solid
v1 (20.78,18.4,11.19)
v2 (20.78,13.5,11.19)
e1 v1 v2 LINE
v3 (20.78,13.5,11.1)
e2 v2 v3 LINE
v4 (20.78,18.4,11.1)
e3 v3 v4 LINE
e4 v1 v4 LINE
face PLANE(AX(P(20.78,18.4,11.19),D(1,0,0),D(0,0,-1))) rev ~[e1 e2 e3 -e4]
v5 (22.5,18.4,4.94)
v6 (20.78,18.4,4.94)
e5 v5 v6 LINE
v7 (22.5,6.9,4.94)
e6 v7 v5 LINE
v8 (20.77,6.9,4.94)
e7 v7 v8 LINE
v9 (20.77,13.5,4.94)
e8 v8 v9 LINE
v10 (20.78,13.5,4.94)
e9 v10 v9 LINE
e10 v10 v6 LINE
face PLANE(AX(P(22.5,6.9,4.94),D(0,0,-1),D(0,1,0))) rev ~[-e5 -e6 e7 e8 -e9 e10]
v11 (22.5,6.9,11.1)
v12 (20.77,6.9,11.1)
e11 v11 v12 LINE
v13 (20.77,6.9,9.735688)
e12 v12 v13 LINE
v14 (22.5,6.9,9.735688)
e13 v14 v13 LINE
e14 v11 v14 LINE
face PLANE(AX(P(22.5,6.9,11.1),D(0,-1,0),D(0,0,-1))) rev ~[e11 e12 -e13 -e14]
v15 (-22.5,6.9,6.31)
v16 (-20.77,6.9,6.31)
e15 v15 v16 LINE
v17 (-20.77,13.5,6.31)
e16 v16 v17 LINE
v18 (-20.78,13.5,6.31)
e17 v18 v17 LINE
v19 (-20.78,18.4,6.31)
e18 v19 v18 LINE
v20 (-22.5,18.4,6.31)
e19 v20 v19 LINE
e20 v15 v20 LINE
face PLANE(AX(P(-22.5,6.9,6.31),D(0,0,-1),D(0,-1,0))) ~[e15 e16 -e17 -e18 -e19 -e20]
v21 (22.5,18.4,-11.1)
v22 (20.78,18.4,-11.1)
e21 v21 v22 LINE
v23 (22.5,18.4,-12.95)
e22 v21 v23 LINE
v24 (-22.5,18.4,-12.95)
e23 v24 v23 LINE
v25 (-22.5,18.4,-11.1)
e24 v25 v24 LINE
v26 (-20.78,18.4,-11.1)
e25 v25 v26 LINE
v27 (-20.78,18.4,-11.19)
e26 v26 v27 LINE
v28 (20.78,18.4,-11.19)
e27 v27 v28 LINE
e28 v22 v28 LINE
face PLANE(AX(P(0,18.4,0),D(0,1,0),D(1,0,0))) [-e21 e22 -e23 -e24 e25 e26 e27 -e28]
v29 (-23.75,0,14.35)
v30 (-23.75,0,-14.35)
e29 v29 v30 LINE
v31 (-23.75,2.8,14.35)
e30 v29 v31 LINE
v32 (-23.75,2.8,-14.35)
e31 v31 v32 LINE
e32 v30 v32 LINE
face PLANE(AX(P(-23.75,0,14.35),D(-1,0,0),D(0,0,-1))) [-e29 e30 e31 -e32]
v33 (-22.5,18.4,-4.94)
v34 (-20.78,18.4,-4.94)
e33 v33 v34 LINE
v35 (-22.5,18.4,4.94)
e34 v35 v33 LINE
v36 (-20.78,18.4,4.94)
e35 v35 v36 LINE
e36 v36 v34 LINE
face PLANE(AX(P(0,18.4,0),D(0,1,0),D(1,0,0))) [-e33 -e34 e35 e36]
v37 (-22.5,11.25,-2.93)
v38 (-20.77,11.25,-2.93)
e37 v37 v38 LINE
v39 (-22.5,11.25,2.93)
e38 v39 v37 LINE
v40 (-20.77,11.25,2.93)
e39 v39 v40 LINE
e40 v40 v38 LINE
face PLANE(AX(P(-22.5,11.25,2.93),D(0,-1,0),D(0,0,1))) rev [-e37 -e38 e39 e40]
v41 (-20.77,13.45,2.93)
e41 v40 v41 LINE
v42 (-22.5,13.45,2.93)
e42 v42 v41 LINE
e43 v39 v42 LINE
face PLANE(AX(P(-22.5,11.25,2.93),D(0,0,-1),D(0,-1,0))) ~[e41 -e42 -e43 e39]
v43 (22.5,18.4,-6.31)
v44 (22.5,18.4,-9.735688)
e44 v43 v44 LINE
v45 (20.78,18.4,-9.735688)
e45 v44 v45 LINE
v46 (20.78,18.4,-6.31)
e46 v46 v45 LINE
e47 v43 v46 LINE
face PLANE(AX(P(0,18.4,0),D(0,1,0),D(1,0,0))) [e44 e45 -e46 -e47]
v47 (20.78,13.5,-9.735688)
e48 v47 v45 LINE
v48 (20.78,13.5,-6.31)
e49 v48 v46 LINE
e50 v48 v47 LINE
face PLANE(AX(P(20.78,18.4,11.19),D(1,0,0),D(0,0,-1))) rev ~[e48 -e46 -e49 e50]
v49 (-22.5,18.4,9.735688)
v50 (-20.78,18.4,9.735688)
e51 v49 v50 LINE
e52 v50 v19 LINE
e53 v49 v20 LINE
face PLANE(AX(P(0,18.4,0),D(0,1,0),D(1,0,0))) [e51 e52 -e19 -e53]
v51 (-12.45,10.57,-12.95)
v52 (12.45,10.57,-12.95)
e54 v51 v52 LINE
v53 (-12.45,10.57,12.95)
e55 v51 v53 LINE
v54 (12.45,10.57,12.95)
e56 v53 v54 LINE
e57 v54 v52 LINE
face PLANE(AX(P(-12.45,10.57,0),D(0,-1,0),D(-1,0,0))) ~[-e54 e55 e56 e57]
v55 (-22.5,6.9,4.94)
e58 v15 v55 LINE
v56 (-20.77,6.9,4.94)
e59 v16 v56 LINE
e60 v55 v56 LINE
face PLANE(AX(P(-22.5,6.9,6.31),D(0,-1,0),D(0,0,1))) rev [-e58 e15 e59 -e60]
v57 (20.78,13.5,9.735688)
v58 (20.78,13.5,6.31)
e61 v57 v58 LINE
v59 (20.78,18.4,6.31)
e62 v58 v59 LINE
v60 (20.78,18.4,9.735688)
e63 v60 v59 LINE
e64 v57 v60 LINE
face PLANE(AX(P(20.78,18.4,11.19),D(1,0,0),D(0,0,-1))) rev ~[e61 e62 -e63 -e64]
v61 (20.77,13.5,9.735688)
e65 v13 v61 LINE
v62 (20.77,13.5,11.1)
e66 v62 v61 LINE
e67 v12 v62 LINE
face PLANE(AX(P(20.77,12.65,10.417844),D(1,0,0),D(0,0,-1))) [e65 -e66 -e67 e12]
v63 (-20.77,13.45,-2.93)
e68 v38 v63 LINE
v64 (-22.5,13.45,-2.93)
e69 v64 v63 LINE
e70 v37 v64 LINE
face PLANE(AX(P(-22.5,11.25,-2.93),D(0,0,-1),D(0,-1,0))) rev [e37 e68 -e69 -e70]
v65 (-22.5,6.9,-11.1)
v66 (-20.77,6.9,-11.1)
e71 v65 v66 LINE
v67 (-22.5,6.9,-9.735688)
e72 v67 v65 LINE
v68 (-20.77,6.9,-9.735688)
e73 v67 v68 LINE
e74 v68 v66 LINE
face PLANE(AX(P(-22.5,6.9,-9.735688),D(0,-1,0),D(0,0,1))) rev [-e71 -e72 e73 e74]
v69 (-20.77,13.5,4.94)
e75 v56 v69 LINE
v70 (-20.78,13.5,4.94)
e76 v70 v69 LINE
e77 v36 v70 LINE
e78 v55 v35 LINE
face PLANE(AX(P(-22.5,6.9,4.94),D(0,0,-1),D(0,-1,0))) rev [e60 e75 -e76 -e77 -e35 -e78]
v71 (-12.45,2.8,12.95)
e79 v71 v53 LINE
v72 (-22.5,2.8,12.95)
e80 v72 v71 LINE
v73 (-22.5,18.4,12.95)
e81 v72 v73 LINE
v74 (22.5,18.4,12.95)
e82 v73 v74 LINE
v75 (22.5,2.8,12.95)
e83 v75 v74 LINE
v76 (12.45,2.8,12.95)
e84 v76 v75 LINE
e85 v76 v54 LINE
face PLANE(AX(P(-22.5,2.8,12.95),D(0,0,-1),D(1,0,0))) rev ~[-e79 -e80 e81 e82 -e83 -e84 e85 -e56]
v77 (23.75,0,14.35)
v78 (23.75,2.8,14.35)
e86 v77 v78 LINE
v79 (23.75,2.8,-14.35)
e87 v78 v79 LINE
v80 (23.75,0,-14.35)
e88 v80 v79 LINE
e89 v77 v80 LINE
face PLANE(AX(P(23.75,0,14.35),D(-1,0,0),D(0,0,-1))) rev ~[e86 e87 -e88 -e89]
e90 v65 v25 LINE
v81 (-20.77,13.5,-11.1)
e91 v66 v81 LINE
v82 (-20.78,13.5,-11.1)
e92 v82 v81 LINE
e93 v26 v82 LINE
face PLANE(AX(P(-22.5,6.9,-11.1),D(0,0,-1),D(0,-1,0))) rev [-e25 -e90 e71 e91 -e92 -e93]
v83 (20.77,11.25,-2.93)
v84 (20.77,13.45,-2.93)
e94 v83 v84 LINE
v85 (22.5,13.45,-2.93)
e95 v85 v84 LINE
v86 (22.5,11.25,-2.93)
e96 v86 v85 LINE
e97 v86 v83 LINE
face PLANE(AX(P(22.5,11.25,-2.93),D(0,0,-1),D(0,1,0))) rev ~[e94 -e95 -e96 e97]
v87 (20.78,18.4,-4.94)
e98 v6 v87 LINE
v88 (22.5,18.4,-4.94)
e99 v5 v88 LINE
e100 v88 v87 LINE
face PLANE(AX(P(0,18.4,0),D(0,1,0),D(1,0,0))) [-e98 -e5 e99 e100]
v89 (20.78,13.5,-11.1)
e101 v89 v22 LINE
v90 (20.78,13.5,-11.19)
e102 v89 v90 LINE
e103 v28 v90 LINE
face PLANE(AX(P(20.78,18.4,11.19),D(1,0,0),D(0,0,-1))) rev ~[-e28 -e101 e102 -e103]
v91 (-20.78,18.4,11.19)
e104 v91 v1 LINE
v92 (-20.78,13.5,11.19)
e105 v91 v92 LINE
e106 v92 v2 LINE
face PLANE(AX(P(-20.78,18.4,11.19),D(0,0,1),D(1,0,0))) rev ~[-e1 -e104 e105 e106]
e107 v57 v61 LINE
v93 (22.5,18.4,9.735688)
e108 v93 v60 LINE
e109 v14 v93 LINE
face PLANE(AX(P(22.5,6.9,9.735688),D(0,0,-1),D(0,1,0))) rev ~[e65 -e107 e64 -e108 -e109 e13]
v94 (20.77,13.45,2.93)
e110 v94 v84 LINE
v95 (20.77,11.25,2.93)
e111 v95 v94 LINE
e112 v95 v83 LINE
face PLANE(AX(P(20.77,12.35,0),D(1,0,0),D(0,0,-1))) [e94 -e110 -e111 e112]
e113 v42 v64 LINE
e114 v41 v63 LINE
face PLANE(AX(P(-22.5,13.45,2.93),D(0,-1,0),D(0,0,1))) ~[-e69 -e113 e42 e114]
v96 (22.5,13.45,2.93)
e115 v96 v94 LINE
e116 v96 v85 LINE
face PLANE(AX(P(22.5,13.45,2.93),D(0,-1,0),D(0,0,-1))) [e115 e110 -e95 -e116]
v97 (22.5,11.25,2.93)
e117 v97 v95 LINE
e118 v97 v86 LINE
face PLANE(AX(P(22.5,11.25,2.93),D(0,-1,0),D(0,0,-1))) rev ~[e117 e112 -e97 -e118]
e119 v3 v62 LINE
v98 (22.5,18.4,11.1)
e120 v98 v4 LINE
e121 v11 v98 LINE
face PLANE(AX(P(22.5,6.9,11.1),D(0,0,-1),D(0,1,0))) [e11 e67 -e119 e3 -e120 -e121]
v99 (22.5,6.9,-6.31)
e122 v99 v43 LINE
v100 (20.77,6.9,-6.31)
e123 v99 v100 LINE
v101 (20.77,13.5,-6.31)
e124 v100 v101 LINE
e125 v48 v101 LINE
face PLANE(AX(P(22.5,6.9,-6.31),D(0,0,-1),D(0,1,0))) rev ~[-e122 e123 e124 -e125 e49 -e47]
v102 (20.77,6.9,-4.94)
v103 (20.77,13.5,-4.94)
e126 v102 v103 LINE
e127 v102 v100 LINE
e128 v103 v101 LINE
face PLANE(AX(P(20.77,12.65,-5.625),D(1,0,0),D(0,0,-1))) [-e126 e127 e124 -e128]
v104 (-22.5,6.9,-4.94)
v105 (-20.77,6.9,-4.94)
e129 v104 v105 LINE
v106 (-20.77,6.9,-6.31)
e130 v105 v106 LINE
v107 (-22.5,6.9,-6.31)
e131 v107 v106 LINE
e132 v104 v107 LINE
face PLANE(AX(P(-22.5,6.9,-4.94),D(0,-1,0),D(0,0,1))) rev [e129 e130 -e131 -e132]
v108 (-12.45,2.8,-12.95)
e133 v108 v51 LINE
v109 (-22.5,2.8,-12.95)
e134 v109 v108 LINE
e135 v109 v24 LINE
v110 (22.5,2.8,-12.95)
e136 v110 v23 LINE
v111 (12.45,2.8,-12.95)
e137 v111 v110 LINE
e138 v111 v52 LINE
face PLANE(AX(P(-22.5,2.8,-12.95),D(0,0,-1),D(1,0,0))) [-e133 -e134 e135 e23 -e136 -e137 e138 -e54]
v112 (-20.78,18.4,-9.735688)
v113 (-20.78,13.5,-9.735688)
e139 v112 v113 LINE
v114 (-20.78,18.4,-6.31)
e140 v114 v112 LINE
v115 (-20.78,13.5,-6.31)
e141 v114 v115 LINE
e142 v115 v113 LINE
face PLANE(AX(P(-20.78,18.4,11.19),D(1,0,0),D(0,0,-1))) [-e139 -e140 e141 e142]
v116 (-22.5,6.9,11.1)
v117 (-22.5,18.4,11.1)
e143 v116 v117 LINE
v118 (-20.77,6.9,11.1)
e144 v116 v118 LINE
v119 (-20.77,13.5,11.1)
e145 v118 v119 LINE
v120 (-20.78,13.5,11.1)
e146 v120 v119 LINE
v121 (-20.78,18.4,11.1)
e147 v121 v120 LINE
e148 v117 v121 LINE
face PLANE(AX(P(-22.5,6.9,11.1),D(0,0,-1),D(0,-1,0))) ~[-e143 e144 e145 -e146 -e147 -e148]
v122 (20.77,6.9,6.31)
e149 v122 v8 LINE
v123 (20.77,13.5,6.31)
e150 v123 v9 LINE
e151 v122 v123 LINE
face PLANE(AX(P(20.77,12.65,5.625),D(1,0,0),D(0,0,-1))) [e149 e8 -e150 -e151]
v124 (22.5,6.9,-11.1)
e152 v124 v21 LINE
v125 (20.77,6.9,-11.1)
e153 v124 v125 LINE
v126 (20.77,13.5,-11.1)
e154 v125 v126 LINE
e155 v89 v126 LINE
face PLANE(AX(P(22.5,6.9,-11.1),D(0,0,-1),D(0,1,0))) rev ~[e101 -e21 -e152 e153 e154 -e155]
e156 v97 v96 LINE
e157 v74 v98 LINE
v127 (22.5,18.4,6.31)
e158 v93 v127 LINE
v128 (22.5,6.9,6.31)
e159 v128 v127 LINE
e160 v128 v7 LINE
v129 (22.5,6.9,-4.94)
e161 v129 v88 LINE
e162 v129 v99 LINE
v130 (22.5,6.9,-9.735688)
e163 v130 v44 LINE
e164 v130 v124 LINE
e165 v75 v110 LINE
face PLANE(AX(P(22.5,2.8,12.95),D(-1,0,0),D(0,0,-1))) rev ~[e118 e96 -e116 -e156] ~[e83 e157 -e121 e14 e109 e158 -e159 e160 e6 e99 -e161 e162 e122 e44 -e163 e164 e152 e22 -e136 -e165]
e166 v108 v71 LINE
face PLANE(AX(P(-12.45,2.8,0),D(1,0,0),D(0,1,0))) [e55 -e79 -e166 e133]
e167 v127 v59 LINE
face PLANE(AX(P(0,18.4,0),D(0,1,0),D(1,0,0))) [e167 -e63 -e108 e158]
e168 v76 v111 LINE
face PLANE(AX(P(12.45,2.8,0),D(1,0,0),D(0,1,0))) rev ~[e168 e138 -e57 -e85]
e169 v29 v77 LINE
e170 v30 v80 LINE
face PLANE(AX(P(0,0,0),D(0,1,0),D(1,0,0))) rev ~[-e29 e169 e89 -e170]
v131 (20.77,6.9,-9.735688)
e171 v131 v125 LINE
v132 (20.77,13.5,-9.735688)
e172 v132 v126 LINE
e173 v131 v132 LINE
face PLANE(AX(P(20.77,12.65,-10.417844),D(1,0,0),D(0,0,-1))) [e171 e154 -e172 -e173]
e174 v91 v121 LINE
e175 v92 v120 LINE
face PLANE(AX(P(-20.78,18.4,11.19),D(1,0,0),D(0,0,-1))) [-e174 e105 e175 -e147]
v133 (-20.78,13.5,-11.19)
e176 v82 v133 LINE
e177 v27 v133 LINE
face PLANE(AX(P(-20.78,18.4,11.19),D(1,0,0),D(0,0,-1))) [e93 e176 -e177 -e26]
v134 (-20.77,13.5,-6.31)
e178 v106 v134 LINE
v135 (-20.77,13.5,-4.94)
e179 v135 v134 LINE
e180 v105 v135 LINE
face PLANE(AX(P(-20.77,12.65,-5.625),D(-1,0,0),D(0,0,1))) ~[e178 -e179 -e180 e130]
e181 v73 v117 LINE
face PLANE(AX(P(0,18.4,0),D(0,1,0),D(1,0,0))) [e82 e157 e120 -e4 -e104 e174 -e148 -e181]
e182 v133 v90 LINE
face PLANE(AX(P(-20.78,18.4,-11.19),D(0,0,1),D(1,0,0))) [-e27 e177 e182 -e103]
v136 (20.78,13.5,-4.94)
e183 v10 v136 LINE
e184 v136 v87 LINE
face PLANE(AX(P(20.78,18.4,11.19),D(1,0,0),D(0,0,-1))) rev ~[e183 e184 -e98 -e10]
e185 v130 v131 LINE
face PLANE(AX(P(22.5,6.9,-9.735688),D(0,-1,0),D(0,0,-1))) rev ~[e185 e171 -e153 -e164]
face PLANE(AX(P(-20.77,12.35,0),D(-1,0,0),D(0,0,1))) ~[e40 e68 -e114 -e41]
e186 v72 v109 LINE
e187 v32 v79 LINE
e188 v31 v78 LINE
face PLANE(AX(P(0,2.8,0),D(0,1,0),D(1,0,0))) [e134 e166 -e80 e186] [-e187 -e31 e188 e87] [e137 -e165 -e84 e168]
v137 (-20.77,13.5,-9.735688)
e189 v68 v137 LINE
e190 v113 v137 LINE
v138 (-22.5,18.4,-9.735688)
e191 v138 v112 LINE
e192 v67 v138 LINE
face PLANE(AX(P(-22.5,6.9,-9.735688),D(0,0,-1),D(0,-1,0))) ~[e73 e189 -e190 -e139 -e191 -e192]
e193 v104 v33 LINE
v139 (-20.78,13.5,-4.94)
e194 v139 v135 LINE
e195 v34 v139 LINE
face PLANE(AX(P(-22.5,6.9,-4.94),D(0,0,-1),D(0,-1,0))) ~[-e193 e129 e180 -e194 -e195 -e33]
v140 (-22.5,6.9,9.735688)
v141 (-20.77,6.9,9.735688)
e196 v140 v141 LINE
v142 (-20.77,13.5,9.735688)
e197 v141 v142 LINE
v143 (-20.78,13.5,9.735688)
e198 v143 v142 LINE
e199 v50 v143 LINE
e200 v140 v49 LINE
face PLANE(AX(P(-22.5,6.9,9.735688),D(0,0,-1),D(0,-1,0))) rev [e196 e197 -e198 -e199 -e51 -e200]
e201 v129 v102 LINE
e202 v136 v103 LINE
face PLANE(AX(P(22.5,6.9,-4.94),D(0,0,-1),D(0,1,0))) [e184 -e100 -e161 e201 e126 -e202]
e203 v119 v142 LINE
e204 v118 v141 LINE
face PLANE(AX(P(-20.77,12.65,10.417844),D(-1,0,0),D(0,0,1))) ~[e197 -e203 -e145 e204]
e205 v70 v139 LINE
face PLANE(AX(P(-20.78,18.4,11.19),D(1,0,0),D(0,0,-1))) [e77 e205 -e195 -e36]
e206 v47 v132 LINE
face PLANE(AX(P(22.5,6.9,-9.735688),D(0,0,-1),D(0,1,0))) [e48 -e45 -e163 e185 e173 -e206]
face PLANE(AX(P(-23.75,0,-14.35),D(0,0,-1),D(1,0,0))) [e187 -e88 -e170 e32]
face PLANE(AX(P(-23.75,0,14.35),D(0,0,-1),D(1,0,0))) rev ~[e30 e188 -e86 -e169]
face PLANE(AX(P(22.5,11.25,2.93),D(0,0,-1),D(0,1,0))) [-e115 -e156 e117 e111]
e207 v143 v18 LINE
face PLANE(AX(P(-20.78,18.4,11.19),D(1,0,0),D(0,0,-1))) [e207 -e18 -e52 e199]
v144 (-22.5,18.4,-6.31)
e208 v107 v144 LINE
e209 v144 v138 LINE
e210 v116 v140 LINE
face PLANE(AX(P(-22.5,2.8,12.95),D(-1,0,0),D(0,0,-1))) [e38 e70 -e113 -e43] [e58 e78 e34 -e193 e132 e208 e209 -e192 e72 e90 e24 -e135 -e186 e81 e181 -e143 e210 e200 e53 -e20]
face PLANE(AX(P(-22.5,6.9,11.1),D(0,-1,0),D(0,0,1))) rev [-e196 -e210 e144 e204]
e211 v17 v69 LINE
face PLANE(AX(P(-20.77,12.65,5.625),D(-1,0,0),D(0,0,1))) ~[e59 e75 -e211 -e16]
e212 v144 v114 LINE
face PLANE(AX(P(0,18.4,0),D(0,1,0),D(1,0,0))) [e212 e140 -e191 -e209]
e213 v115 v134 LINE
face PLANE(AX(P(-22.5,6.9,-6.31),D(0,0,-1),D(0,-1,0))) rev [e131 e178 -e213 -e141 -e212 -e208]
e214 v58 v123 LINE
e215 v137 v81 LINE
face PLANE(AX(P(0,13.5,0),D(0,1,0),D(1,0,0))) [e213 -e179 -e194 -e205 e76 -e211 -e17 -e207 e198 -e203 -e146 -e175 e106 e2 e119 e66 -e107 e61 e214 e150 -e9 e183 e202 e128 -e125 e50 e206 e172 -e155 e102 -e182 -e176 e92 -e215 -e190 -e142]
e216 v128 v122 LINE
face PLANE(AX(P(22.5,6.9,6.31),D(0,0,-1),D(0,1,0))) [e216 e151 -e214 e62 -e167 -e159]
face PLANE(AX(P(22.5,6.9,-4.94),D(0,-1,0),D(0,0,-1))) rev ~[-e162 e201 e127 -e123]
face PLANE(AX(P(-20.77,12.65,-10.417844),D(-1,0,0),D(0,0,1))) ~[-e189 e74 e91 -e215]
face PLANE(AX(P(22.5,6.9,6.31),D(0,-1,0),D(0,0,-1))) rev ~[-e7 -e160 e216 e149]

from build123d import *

# Parameters (mm, degrees)
SKETCH3_W           = 47.5
SKETCH3_H           = 28.7
BOSS_EXTRUDE2_DEPTH = 2.8
SKETCH4_W           = 45
SKETCH4_H           = 25.9
BOSS_EXTRUDE3_DEPTH = 15.6
SKETCH5_W           = 24.9
SKETCH5_H           = 7.77
CUT_EXTRUDE1_DEPTH  = 12.95
SKETCH6_W           = 41.56
SKETCH6_H           = 22.38
CUT_EXTRUDE2_DEPTH  = 4.9
SKETCH7_W           = 1.37
SKETCH7_H           = 11.5
SKETCH7_W_2         = 1.364312096
SKETCH7_W_3         = 5.86
SKETCH7_H_2         = 2.2
CUT_EXTRUDE4_DEPTH  = 1.73


with BuildPart() as part:
    # Sketch3 → Boss-Extrude2 (new body)
    with BuildSketch(Plane(origin=(0, 0, 0), x_dir=(1, 0, 0), z_dir=(0, 1, 0))):
        Rectangle(SKETCH3_W, SKETCH3_H)
    extrude(amount=BOSS_EXTRUDE2_DEPTH)

    # Sketch4 → Boss-Extrude3 (add)
    with BuildSketch(Plane(origin=(0, 2.8, 0), x_dir=(1, 0, 0), z_dir=(0, 1, 0))):
        Rectangle(SKETCH4_W, SKETCH4_H)
    extrude(amount=BOSS_EXTRUDE3_DEPTH)

    # Sketch5 → Cut-Extrude1 (cut)
    with BuildSketch(Plane.XY):
        with Locations((0, 6.685)):
            Rectangle(SKETCH5_W, SKETCH5_H)
    cut_extrude1 = extrude(amount=-CUT_EXTRUDE1_DEPTH, mode=Mode.SUBTRACT)

    # Mirror1: Cut-Extrude1 across plane
    add(cut_extrude1.mirror(Plane.XY), mode=Mode.SUBTRACT)

    # Sketch6 → Cut-Extrude2 (cut)
    with BuildSketch(Plane(origin=(0, 18.4, 0), x_dir=(1, 0, 0), z_dir=(0, 1, 0))):
        Rectangle(SKETCH6_W, SKETCH6_H)
    extrude(amount=-CUT_EXTRUDE2_DEPTH, mode=Mode.SUBTRACT)

    # Sketch7 → Cut-Extrude4 (cut)
    with BuildSketch(Plane(origin=(22.5, 0, 0), x_dir=(0, 0, -1), z_dir=(1, 0, 0))):
        with Locations((5.625, 12.65)):
            Rectangle(SKETCH7_W, SKETCH7_H)
        with Locations((10.417843952, 12.65)):
            Rectangle(SKETCH7_W_2, SKETCH7_H)
        with Locations((0, 12.35)):
            Rectangle(SKETCH7_W_3, SKETCH7_H_2)
        with Locations((-5.625, 12.65)):
            Rectangle(SKETCH7_W, SKETCH7_H)
        with Locations((-10.417843952, 12.65)):
            Rectangle(SKETCH7_W_2, SKETCH7_H)
    cut_extrude4 = extrude(amount=-CUT_EXTRUDE4_DEPTH, mode=Mode.SUBTRACT)

    # Mirror2: Cut-Extrude4 across plane
    add(cut_extrude4.mirror(Plane(origin=(0, 0, 0), x_dir=(0, 0, 1), z_dir=(1, 0, 0))), mode=Mode.SUBTRACT)


solid = part.part
